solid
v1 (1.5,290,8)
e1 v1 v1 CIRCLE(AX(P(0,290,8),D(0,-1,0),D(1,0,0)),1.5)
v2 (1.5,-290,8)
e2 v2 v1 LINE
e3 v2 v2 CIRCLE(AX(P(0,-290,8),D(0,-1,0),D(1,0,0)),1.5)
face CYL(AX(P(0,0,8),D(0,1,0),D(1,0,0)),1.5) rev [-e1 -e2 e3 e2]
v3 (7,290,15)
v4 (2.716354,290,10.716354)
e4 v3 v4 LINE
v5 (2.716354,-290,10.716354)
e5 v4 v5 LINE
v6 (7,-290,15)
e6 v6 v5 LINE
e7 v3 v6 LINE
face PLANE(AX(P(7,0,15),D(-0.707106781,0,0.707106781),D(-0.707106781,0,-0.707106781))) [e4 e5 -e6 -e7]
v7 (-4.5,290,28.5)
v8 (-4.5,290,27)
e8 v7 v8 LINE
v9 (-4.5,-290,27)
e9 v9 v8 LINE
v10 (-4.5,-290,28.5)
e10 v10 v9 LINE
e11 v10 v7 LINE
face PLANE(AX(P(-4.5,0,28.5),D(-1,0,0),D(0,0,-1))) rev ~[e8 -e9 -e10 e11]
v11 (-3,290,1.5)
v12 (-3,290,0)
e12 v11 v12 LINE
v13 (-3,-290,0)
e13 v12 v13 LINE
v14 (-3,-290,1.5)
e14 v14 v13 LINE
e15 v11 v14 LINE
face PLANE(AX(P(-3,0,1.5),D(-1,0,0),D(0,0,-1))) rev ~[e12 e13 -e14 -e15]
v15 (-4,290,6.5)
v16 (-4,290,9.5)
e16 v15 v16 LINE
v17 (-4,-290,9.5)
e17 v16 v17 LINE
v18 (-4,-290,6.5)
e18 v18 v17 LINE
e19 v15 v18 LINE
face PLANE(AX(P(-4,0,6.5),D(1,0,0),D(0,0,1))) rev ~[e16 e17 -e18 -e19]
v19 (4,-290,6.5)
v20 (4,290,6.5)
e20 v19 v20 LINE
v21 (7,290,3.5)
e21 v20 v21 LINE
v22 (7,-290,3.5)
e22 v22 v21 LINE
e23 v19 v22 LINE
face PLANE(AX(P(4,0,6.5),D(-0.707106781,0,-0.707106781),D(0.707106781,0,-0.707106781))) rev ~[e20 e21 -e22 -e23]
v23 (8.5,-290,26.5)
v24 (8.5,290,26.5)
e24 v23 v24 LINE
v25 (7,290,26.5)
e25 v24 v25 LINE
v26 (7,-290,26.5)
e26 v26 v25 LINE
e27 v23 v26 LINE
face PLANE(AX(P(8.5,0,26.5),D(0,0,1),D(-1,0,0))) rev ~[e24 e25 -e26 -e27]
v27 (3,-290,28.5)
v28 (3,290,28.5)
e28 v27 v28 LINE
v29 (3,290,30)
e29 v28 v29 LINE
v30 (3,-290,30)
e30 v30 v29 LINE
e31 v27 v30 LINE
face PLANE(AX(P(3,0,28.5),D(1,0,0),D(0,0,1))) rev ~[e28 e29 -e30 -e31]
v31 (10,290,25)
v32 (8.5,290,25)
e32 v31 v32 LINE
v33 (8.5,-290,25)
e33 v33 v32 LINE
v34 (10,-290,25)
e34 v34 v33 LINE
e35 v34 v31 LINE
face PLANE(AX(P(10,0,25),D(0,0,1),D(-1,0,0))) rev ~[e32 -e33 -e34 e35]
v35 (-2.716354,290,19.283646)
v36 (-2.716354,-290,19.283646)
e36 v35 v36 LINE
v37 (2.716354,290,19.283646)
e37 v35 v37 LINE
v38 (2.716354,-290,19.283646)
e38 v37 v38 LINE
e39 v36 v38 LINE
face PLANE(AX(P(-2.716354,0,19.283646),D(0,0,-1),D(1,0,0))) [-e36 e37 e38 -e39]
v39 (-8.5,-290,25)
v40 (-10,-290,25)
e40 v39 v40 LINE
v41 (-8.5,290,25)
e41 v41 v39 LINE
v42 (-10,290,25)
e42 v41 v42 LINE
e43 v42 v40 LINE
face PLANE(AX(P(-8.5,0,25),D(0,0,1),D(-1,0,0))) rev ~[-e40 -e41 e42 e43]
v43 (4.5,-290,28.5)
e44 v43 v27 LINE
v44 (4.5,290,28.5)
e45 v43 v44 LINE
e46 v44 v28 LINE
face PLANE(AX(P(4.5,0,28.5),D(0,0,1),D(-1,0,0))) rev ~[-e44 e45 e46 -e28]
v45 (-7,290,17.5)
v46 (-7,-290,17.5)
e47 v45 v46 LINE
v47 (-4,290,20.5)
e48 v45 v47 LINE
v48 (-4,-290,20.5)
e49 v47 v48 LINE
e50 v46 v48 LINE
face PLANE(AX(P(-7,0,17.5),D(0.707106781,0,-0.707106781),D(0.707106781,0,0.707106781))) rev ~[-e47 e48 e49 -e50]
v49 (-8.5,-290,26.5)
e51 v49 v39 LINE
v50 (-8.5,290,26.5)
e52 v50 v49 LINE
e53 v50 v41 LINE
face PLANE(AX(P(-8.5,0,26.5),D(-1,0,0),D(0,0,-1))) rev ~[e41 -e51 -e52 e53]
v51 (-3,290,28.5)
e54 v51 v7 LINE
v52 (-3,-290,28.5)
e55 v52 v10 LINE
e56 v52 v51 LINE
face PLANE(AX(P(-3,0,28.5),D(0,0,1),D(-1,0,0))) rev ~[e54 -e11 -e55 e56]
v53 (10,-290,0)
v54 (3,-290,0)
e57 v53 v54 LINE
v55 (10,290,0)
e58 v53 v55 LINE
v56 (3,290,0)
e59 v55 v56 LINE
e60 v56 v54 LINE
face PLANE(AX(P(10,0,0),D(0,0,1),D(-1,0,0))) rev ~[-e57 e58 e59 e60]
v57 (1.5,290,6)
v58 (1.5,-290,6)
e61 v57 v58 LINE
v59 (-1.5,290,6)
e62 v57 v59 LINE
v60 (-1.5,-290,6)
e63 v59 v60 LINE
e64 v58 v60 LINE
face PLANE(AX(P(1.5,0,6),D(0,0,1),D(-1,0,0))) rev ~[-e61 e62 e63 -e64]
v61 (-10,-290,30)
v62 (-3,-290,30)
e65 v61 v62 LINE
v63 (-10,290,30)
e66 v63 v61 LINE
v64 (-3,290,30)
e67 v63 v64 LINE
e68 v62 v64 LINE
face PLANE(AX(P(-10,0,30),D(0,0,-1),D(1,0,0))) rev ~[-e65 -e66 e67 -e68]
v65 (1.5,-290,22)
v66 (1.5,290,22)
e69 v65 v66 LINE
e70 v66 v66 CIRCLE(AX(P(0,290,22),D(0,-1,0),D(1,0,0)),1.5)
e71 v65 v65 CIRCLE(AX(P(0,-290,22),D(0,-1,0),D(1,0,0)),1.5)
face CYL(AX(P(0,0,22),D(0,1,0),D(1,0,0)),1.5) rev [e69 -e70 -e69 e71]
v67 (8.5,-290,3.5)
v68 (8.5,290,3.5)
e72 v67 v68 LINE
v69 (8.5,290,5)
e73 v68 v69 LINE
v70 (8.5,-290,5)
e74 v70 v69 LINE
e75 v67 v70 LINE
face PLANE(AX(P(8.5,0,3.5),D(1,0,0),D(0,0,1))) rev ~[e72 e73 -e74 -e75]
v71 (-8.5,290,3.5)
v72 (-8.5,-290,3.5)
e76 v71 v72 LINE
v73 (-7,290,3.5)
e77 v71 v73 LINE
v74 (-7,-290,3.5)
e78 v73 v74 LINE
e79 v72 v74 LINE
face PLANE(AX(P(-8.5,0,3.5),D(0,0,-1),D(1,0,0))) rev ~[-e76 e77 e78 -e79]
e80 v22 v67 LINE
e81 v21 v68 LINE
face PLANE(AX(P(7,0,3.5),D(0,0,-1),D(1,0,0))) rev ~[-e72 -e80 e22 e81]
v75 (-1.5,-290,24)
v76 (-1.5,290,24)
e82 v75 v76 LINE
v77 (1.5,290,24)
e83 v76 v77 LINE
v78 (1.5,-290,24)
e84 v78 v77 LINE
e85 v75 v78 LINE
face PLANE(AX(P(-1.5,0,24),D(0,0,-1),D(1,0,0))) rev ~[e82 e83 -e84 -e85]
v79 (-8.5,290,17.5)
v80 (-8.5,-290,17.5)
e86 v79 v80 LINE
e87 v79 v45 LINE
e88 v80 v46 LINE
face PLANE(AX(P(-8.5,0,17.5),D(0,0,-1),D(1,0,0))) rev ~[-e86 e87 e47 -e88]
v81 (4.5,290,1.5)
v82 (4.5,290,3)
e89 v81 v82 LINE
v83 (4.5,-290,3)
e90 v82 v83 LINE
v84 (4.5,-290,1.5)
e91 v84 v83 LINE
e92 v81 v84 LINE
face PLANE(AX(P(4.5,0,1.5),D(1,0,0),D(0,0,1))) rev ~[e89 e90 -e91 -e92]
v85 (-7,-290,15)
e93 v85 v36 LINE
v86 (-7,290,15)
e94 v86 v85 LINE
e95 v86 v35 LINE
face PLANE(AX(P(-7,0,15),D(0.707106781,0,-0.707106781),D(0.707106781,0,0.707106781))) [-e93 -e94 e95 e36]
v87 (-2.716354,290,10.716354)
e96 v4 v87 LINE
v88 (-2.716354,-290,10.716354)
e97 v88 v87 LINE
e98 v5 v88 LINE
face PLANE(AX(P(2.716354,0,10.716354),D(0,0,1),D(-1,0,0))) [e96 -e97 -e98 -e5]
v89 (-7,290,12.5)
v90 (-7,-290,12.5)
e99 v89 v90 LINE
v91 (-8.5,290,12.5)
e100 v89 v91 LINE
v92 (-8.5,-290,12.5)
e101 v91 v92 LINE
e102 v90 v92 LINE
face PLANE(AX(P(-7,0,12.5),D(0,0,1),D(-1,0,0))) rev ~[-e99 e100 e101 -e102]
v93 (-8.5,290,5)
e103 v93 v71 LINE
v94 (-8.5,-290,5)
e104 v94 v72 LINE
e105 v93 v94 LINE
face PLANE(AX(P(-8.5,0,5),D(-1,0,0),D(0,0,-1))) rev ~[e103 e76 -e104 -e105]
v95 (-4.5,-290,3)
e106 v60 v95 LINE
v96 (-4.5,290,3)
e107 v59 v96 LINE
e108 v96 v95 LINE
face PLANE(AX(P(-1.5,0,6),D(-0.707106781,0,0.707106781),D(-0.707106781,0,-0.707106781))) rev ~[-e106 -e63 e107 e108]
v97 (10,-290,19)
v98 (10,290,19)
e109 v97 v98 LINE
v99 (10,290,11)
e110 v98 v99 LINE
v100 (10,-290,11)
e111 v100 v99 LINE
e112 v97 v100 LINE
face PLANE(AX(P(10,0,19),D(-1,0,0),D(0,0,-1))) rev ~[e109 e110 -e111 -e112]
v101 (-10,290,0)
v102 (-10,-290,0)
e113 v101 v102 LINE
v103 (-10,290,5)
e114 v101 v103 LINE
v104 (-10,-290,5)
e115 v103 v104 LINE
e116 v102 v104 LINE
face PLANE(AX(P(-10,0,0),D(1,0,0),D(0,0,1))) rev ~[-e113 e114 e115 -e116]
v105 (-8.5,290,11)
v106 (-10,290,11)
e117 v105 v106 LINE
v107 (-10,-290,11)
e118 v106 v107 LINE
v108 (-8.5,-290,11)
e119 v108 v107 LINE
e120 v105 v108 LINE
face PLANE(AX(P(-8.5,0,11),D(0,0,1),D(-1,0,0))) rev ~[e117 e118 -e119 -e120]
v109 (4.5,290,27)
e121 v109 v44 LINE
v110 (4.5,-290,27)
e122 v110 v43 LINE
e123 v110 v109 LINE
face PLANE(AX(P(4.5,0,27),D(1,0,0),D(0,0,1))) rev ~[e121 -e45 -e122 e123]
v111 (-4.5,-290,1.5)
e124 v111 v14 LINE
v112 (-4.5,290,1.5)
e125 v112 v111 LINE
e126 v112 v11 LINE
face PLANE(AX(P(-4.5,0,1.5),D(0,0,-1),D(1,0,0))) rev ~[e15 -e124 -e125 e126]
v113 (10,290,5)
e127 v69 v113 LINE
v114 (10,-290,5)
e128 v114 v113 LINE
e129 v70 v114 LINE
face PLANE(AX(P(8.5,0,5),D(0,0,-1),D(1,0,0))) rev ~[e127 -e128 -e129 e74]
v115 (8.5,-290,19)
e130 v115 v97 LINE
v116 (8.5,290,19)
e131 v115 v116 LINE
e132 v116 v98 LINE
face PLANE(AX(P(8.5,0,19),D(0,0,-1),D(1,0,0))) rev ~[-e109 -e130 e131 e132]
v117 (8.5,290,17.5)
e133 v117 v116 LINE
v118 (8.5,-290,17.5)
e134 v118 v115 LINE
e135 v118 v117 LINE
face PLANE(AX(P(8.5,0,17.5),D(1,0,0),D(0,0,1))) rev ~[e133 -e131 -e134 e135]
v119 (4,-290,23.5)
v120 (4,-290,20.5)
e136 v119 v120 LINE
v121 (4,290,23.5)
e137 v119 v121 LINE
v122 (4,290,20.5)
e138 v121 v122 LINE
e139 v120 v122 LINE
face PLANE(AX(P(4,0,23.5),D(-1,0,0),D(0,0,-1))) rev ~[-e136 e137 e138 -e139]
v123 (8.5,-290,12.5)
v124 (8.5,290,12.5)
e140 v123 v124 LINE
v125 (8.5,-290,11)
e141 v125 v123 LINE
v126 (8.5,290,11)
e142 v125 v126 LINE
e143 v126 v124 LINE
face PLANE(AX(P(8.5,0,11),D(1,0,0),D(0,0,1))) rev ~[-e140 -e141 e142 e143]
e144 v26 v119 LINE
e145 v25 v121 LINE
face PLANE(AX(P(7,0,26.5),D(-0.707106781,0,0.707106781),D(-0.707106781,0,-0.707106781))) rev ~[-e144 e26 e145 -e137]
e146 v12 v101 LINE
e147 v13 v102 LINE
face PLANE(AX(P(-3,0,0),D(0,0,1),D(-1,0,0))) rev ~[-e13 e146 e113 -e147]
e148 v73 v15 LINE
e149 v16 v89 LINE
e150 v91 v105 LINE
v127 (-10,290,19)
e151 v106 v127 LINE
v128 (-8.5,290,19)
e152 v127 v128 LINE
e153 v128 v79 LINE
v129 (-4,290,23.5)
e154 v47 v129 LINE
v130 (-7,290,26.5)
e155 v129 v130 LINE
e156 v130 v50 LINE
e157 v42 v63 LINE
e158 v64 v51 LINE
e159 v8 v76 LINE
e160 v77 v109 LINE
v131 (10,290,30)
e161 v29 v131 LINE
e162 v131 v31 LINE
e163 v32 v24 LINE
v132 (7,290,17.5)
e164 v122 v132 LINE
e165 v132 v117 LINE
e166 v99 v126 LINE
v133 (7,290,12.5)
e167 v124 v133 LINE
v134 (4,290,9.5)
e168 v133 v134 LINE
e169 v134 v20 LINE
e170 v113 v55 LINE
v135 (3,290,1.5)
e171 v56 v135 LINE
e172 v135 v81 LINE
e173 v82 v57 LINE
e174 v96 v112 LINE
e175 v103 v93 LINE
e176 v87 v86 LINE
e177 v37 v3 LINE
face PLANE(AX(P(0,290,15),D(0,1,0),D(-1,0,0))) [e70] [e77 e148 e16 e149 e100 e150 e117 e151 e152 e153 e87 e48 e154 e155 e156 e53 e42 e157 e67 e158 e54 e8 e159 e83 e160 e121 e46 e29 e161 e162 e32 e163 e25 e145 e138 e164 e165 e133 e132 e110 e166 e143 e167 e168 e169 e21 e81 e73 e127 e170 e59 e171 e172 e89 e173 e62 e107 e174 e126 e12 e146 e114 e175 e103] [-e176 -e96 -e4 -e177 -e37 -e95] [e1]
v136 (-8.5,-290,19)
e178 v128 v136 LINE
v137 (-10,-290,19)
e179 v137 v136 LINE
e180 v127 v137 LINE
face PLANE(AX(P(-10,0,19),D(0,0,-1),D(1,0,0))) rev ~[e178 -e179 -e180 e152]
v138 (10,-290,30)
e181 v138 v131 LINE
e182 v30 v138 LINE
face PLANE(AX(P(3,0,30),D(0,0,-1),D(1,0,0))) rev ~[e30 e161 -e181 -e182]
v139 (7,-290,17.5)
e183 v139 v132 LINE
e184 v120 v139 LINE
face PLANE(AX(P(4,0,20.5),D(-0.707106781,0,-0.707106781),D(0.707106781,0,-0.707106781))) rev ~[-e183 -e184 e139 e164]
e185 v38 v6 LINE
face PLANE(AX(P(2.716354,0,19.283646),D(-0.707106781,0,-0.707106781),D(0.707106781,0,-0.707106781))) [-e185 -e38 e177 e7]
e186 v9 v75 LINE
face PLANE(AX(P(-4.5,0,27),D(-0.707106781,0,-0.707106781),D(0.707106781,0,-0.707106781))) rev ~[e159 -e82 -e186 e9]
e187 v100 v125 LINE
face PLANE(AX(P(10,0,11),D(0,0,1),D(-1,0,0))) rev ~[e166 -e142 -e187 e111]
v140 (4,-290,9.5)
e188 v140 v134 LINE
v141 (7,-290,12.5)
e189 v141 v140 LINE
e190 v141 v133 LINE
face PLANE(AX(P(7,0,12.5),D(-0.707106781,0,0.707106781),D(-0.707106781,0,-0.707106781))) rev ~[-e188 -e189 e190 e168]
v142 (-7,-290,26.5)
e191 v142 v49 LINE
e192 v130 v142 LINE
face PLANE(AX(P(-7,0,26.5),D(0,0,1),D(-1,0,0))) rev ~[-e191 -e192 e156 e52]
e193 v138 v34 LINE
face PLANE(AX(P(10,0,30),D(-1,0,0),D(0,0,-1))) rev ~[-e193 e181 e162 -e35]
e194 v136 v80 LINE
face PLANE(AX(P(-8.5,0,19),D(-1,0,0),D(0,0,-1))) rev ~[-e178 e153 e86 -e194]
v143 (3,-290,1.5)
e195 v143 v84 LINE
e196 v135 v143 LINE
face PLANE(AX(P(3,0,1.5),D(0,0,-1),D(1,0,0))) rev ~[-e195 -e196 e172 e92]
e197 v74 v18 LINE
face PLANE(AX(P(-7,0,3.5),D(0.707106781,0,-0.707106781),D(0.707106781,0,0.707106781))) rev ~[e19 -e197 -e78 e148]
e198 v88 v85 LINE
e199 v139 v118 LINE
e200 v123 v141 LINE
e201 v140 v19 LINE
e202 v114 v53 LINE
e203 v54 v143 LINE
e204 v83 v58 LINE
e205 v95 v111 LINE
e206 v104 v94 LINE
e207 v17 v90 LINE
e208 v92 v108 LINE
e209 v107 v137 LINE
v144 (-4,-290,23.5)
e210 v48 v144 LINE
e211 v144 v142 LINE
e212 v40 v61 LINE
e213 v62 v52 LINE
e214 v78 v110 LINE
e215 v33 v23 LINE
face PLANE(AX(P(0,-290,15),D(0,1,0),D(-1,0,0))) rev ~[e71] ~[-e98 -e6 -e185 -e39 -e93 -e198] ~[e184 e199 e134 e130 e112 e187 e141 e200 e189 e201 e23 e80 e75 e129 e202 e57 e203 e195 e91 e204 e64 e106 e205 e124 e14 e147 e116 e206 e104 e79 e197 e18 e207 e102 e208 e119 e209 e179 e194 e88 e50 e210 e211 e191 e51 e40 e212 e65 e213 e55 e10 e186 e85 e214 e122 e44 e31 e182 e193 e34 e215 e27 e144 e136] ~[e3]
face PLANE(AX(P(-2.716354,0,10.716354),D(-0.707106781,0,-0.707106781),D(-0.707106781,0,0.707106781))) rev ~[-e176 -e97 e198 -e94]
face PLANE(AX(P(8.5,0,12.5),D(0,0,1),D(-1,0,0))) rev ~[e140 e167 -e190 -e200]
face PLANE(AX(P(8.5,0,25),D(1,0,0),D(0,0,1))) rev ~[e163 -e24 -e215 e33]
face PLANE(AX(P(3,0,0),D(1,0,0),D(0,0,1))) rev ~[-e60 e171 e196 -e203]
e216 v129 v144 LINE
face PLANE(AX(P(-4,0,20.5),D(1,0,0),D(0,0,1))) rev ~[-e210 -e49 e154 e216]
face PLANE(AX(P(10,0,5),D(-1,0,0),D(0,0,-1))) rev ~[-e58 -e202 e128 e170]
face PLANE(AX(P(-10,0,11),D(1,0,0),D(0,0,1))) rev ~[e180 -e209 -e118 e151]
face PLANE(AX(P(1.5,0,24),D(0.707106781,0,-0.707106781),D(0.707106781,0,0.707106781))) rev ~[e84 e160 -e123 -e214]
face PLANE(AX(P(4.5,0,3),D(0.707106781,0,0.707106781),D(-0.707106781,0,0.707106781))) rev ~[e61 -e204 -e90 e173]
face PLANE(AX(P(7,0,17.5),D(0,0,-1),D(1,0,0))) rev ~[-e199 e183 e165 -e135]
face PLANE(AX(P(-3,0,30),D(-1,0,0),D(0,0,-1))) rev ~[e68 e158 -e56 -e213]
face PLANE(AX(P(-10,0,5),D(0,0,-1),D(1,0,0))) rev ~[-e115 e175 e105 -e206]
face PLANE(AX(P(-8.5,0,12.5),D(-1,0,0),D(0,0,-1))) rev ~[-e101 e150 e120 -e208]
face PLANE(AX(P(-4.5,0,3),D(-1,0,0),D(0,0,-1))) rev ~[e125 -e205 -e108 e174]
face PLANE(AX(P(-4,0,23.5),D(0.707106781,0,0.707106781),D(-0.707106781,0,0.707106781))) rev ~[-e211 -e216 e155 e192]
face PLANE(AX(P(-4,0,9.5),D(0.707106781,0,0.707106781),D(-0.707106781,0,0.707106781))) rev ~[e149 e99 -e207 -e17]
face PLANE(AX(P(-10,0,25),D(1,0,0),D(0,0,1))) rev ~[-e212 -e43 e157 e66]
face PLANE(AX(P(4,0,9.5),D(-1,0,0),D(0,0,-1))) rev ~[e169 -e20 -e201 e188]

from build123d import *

# Parameters (mm, degrees)
SKETCH_R  = 1.5
PAD_DEPTH = 290


with BuildPart() as part:
    # Sketch → Pad (new body, symmetric)
    with BuildSketch(Plane.XZ):
        Polygon((-10, 30), (-3, 30), (-3, 28.5), (-4.5, 28.5), (-4.5, 27), (-1.5, 24), (1.5, 24), (4.5, 27), (4.5, 28.5), (3, 28.5), (3, 30), (10, 30), (10, 25), (8.5, 25), (8.5, 26.5), (7, 26.5), (4, 23.5), (4, 20.5), (7, 17.5), (8.5, 17.5), (8.5, 19), (10, 19), (10, 11), (8.5, 11), (8.5, 12.5), (7, 12.5), (4, 9.5), (4, 6.5), (7, 3.5), (8.5, 3.5), (8.5, 5), (10, 5), (10, 0), (3, 0), (3, 1.5), (4.5, 1.5), (4.5, 3), (1.5, 6), (-1.5, 6), (-4.5, 3), (-4.5, 1.5), (-3, 1.5), (-3, 0), (-10, 0), (-10, 5), (-8.5, 5), (-8.5, 3.5), (-7, 3.5), (-4, 6.5), (-4, 9.5), (-7, 12.5), (-8.5, 12.5), (-8.5, 11), (-10, 11), (-10, 19), (-8.5, 19), (-8.5, 17.5), (-7, 17.5), (-4, 20.5), (-4, 23.5), (-7, 26.5), (-8.5, 26.5), (-8.5, 25), (-10, 25), align=None)
        with Locations((0, 8)):
            Circle(SKETCH_R, mode=Mode.SUBTRACT)
        with Locations((0, 22)):
            Circle(SKETCH_R, mode=Mode.SUBTRACT)
        Polygon((-7, 15), (-2.716354, 19.283646), (2.716354, 19.283646), (7, 15), (2.716354, 10.716354), (-2.716354, 10.716354), align=None, mode=Mode.SUBTRACT)
    extrude(amount=PAD_DEPTH, both=True)


solid = part.part
